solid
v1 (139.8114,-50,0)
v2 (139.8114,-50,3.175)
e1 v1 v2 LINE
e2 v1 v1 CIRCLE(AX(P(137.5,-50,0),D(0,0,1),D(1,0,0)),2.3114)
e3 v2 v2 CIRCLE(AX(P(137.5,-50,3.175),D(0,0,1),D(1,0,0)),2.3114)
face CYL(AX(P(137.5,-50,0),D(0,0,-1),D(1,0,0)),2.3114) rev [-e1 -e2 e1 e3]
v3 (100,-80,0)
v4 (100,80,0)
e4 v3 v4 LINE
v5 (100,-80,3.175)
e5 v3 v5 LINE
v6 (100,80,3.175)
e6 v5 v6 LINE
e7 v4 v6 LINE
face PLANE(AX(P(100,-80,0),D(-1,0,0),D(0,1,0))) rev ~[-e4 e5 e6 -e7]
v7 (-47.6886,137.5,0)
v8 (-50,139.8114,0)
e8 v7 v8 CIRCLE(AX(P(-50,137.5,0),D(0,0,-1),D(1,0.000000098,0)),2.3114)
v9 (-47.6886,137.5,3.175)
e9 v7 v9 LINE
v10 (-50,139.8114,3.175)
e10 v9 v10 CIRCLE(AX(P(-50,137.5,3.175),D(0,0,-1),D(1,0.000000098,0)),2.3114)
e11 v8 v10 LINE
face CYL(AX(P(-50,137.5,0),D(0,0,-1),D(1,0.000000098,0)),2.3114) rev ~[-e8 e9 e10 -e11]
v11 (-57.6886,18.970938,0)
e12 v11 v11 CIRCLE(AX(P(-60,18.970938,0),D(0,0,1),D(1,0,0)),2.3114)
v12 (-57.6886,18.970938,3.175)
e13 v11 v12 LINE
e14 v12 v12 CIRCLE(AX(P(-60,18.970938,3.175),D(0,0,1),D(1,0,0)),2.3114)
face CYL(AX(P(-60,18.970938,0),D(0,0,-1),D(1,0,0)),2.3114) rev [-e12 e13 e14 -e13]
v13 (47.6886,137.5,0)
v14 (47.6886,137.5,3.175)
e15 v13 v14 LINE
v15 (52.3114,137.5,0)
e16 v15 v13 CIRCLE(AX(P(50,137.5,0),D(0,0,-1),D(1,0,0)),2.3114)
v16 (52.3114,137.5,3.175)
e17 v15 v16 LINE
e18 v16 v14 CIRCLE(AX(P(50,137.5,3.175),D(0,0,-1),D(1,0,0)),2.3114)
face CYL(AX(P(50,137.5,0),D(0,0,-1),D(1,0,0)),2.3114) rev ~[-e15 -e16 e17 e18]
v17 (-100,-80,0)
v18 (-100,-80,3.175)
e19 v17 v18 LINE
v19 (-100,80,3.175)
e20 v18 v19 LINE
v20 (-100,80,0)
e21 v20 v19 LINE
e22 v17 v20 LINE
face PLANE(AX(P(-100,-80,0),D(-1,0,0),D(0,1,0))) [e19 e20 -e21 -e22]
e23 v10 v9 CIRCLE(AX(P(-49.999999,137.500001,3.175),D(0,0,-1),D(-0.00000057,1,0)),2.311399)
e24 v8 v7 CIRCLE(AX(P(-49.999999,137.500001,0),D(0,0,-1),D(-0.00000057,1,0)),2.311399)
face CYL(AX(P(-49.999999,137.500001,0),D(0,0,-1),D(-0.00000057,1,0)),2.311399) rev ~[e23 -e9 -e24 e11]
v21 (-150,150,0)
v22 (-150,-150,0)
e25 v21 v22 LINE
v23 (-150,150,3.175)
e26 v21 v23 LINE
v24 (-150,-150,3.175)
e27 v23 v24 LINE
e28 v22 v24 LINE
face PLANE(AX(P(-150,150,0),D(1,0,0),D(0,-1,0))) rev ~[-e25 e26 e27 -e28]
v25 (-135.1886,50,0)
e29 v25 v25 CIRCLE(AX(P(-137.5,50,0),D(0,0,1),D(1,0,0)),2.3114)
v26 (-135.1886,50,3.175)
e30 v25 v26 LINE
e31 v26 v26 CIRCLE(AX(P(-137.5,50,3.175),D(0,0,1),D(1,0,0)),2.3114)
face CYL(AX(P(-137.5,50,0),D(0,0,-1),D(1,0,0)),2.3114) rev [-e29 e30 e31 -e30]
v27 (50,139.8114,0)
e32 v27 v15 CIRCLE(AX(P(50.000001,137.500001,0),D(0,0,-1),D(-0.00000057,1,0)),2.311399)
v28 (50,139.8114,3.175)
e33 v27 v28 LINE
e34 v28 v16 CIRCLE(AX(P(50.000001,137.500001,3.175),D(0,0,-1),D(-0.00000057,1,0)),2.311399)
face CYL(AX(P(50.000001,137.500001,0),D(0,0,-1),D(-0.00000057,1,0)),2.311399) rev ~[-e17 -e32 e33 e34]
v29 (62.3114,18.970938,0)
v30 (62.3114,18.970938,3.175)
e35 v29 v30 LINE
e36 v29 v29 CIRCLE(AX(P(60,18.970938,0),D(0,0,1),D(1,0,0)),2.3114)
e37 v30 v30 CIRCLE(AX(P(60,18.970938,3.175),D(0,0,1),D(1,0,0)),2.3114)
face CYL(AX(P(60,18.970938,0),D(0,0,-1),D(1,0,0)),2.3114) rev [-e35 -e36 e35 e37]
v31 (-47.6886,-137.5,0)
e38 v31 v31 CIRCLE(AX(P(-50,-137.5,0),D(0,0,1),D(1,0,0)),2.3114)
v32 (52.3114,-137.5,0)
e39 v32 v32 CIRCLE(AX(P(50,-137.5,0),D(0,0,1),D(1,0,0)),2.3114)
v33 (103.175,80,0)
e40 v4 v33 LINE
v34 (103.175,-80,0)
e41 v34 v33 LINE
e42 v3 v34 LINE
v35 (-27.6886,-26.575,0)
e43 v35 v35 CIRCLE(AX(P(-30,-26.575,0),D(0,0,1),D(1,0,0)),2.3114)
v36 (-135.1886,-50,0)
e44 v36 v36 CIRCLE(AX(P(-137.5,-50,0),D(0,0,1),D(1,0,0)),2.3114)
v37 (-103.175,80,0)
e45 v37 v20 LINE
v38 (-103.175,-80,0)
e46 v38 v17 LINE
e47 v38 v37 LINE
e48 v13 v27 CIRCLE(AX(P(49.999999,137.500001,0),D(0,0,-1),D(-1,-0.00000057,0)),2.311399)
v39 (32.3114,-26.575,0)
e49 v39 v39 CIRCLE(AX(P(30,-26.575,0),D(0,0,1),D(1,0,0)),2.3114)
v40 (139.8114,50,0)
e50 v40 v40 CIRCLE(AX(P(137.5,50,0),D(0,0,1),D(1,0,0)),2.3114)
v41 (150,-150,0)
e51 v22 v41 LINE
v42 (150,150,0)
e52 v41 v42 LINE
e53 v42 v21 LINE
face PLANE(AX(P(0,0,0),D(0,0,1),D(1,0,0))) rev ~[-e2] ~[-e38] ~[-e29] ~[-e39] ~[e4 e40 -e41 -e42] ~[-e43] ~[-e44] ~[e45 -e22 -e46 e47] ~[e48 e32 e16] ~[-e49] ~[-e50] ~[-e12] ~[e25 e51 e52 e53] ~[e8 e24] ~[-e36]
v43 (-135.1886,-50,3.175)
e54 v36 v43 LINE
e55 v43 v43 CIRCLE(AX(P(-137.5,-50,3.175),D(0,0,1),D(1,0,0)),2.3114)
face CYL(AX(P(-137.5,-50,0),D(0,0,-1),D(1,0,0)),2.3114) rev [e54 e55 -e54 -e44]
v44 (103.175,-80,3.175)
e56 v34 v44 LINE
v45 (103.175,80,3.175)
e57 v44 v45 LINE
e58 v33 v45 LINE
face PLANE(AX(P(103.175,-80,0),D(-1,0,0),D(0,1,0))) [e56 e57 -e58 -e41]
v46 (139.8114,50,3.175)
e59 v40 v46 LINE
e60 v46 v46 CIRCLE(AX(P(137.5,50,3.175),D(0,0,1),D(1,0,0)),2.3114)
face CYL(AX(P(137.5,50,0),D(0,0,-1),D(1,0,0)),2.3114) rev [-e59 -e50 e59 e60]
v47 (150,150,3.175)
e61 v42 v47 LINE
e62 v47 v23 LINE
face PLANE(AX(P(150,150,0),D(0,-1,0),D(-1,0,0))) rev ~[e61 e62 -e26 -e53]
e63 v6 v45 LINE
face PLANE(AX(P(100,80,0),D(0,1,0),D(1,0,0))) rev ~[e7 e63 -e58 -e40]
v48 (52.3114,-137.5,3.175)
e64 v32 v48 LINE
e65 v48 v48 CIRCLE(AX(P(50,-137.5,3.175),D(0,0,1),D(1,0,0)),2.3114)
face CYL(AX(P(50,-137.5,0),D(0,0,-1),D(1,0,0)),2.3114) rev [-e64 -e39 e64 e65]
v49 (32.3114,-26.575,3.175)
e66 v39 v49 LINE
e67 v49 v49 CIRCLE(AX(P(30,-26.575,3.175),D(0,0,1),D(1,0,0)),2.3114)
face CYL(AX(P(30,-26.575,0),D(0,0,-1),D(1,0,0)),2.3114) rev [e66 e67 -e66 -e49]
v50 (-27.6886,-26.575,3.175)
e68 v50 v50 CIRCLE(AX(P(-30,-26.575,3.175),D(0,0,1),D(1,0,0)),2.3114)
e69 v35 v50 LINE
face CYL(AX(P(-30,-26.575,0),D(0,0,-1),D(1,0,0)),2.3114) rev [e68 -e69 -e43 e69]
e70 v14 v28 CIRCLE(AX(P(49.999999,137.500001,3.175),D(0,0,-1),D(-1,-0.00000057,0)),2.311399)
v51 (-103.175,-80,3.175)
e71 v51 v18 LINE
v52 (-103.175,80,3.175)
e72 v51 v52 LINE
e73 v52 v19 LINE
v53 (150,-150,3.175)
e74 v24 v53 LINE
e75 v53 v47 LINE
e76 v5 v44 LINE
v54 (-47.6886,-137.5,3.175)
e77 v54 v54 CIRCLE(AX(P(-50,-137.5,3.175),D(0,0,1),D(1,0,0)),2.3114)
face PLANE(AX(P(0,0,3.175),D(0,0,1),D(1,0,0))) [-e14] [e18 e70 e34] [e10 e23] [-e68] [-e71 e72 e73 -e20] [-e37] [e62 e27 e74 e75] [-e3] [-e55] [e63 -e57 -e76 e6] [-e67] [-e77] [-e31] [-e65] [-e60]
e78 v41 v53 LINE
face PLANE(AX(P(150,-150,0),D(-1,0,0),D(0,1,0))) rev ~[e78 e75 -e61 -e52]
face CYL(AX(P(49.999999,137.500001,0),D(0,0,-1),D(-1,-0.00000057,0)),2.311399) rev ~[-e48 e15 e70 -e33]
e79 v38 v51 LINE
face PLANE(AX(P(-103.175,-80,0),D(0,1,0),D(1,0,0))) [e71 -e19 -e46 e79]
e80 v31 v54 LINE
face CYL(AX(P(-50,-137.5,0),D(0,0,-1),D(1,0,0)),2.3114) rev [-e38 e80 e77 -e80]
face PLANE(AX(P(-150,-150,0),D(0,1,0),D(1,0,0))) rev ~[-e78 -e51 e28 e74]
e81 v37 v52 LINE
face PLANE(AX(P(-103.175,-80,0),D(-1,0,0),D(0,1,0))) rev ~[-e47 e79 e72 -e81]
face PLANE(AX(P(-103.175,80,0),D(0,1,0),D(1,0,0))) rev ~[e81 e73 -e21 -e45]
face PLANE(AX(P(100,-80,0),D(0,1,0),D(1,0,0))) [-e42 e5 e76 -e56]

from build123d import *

# Parameters (mm, degrees)
F0_R     = 2.3114
F0_W     = 3.175
F0_H     = 160
F1_DEPTH = 3.175


with BuildPart() as f1:
    # F0 (on Top) → F1 (new body)
    with BuildSketch(Plane.XY):
        Polygon((-150, -150), (150, -150), (150, 150), (50, 150), (-50, 150), (-150, 150), align=None)
        with Locations((-50, -137.5)):
            Circle(F0_R, mode=Mode.SUBTRACT)
        with Locations((-137.5, -50)):
            Circle(F0_R, mode=Mode.SUBTRACT)
        with Locations((-101.5875, 0)):
            Rectangle(F0_W, F0_H, mode=Mode.SUBTRACT)
        with Locations((-30, -26.575)):
            Circle(F0_R, mode=Mode.SUBTRACT)
        with Locations((50, -137.5)):
            Circle(F0_R, mode=Mode.SUBTRACT)
        with Locations((30, -26.575)):
            Circle(F0_R, mode=Mode.SUBTRACT)
        with Locations((137.5, -50)):
            Circle(F0_R, mode=Mode.SUBTRACT)
        with Locations((101.5875, 0)):
            Rectangle(F0_W, F0_H, mode=Mode.SUBTRACT)
        with Locations((-137.5, 50)):
            Circle(F0_R, mode=Mode.SUBTRACT)
        with Locations((-60, 18.970938)):
            Circle(F0_R, mode=Mode.SUBTRACT)
        with BuildLine():
            ThreePointArc((-47.6886, 137.5), (-51.634407, 135.865593), (-50, 139.8114))
            ThreePointArc((-50, 139.8114), (-48.365593, 139.134407), (-47.6886, 137.5))
        make_face(mode=Mode.SUBTRACT)
        with Locations((60, 18.970938)):
            Circle(F0_R, mode=Mode.SUBTRACT)
        with Locations((137.5, 50)):
            Circle(F0_R, mode=Mode.SUBTRACT)
        with BuildLine():
            ThreePointArc((52.3114, 137.5), (50, 135.1886), (47.6886, 137.5))
            ThreePointArc((47.6886, 137.5), (48.365593, 139.134407), (50, 139.8114))
            ThreePointArc((50, 139.8114), (51.634407, 139.134407), (52.3114, 137.5))
        make_face(mode=Mode.SUBTRACT)
    extrude(amount=F1_DEPTH)


solid = f1.part
